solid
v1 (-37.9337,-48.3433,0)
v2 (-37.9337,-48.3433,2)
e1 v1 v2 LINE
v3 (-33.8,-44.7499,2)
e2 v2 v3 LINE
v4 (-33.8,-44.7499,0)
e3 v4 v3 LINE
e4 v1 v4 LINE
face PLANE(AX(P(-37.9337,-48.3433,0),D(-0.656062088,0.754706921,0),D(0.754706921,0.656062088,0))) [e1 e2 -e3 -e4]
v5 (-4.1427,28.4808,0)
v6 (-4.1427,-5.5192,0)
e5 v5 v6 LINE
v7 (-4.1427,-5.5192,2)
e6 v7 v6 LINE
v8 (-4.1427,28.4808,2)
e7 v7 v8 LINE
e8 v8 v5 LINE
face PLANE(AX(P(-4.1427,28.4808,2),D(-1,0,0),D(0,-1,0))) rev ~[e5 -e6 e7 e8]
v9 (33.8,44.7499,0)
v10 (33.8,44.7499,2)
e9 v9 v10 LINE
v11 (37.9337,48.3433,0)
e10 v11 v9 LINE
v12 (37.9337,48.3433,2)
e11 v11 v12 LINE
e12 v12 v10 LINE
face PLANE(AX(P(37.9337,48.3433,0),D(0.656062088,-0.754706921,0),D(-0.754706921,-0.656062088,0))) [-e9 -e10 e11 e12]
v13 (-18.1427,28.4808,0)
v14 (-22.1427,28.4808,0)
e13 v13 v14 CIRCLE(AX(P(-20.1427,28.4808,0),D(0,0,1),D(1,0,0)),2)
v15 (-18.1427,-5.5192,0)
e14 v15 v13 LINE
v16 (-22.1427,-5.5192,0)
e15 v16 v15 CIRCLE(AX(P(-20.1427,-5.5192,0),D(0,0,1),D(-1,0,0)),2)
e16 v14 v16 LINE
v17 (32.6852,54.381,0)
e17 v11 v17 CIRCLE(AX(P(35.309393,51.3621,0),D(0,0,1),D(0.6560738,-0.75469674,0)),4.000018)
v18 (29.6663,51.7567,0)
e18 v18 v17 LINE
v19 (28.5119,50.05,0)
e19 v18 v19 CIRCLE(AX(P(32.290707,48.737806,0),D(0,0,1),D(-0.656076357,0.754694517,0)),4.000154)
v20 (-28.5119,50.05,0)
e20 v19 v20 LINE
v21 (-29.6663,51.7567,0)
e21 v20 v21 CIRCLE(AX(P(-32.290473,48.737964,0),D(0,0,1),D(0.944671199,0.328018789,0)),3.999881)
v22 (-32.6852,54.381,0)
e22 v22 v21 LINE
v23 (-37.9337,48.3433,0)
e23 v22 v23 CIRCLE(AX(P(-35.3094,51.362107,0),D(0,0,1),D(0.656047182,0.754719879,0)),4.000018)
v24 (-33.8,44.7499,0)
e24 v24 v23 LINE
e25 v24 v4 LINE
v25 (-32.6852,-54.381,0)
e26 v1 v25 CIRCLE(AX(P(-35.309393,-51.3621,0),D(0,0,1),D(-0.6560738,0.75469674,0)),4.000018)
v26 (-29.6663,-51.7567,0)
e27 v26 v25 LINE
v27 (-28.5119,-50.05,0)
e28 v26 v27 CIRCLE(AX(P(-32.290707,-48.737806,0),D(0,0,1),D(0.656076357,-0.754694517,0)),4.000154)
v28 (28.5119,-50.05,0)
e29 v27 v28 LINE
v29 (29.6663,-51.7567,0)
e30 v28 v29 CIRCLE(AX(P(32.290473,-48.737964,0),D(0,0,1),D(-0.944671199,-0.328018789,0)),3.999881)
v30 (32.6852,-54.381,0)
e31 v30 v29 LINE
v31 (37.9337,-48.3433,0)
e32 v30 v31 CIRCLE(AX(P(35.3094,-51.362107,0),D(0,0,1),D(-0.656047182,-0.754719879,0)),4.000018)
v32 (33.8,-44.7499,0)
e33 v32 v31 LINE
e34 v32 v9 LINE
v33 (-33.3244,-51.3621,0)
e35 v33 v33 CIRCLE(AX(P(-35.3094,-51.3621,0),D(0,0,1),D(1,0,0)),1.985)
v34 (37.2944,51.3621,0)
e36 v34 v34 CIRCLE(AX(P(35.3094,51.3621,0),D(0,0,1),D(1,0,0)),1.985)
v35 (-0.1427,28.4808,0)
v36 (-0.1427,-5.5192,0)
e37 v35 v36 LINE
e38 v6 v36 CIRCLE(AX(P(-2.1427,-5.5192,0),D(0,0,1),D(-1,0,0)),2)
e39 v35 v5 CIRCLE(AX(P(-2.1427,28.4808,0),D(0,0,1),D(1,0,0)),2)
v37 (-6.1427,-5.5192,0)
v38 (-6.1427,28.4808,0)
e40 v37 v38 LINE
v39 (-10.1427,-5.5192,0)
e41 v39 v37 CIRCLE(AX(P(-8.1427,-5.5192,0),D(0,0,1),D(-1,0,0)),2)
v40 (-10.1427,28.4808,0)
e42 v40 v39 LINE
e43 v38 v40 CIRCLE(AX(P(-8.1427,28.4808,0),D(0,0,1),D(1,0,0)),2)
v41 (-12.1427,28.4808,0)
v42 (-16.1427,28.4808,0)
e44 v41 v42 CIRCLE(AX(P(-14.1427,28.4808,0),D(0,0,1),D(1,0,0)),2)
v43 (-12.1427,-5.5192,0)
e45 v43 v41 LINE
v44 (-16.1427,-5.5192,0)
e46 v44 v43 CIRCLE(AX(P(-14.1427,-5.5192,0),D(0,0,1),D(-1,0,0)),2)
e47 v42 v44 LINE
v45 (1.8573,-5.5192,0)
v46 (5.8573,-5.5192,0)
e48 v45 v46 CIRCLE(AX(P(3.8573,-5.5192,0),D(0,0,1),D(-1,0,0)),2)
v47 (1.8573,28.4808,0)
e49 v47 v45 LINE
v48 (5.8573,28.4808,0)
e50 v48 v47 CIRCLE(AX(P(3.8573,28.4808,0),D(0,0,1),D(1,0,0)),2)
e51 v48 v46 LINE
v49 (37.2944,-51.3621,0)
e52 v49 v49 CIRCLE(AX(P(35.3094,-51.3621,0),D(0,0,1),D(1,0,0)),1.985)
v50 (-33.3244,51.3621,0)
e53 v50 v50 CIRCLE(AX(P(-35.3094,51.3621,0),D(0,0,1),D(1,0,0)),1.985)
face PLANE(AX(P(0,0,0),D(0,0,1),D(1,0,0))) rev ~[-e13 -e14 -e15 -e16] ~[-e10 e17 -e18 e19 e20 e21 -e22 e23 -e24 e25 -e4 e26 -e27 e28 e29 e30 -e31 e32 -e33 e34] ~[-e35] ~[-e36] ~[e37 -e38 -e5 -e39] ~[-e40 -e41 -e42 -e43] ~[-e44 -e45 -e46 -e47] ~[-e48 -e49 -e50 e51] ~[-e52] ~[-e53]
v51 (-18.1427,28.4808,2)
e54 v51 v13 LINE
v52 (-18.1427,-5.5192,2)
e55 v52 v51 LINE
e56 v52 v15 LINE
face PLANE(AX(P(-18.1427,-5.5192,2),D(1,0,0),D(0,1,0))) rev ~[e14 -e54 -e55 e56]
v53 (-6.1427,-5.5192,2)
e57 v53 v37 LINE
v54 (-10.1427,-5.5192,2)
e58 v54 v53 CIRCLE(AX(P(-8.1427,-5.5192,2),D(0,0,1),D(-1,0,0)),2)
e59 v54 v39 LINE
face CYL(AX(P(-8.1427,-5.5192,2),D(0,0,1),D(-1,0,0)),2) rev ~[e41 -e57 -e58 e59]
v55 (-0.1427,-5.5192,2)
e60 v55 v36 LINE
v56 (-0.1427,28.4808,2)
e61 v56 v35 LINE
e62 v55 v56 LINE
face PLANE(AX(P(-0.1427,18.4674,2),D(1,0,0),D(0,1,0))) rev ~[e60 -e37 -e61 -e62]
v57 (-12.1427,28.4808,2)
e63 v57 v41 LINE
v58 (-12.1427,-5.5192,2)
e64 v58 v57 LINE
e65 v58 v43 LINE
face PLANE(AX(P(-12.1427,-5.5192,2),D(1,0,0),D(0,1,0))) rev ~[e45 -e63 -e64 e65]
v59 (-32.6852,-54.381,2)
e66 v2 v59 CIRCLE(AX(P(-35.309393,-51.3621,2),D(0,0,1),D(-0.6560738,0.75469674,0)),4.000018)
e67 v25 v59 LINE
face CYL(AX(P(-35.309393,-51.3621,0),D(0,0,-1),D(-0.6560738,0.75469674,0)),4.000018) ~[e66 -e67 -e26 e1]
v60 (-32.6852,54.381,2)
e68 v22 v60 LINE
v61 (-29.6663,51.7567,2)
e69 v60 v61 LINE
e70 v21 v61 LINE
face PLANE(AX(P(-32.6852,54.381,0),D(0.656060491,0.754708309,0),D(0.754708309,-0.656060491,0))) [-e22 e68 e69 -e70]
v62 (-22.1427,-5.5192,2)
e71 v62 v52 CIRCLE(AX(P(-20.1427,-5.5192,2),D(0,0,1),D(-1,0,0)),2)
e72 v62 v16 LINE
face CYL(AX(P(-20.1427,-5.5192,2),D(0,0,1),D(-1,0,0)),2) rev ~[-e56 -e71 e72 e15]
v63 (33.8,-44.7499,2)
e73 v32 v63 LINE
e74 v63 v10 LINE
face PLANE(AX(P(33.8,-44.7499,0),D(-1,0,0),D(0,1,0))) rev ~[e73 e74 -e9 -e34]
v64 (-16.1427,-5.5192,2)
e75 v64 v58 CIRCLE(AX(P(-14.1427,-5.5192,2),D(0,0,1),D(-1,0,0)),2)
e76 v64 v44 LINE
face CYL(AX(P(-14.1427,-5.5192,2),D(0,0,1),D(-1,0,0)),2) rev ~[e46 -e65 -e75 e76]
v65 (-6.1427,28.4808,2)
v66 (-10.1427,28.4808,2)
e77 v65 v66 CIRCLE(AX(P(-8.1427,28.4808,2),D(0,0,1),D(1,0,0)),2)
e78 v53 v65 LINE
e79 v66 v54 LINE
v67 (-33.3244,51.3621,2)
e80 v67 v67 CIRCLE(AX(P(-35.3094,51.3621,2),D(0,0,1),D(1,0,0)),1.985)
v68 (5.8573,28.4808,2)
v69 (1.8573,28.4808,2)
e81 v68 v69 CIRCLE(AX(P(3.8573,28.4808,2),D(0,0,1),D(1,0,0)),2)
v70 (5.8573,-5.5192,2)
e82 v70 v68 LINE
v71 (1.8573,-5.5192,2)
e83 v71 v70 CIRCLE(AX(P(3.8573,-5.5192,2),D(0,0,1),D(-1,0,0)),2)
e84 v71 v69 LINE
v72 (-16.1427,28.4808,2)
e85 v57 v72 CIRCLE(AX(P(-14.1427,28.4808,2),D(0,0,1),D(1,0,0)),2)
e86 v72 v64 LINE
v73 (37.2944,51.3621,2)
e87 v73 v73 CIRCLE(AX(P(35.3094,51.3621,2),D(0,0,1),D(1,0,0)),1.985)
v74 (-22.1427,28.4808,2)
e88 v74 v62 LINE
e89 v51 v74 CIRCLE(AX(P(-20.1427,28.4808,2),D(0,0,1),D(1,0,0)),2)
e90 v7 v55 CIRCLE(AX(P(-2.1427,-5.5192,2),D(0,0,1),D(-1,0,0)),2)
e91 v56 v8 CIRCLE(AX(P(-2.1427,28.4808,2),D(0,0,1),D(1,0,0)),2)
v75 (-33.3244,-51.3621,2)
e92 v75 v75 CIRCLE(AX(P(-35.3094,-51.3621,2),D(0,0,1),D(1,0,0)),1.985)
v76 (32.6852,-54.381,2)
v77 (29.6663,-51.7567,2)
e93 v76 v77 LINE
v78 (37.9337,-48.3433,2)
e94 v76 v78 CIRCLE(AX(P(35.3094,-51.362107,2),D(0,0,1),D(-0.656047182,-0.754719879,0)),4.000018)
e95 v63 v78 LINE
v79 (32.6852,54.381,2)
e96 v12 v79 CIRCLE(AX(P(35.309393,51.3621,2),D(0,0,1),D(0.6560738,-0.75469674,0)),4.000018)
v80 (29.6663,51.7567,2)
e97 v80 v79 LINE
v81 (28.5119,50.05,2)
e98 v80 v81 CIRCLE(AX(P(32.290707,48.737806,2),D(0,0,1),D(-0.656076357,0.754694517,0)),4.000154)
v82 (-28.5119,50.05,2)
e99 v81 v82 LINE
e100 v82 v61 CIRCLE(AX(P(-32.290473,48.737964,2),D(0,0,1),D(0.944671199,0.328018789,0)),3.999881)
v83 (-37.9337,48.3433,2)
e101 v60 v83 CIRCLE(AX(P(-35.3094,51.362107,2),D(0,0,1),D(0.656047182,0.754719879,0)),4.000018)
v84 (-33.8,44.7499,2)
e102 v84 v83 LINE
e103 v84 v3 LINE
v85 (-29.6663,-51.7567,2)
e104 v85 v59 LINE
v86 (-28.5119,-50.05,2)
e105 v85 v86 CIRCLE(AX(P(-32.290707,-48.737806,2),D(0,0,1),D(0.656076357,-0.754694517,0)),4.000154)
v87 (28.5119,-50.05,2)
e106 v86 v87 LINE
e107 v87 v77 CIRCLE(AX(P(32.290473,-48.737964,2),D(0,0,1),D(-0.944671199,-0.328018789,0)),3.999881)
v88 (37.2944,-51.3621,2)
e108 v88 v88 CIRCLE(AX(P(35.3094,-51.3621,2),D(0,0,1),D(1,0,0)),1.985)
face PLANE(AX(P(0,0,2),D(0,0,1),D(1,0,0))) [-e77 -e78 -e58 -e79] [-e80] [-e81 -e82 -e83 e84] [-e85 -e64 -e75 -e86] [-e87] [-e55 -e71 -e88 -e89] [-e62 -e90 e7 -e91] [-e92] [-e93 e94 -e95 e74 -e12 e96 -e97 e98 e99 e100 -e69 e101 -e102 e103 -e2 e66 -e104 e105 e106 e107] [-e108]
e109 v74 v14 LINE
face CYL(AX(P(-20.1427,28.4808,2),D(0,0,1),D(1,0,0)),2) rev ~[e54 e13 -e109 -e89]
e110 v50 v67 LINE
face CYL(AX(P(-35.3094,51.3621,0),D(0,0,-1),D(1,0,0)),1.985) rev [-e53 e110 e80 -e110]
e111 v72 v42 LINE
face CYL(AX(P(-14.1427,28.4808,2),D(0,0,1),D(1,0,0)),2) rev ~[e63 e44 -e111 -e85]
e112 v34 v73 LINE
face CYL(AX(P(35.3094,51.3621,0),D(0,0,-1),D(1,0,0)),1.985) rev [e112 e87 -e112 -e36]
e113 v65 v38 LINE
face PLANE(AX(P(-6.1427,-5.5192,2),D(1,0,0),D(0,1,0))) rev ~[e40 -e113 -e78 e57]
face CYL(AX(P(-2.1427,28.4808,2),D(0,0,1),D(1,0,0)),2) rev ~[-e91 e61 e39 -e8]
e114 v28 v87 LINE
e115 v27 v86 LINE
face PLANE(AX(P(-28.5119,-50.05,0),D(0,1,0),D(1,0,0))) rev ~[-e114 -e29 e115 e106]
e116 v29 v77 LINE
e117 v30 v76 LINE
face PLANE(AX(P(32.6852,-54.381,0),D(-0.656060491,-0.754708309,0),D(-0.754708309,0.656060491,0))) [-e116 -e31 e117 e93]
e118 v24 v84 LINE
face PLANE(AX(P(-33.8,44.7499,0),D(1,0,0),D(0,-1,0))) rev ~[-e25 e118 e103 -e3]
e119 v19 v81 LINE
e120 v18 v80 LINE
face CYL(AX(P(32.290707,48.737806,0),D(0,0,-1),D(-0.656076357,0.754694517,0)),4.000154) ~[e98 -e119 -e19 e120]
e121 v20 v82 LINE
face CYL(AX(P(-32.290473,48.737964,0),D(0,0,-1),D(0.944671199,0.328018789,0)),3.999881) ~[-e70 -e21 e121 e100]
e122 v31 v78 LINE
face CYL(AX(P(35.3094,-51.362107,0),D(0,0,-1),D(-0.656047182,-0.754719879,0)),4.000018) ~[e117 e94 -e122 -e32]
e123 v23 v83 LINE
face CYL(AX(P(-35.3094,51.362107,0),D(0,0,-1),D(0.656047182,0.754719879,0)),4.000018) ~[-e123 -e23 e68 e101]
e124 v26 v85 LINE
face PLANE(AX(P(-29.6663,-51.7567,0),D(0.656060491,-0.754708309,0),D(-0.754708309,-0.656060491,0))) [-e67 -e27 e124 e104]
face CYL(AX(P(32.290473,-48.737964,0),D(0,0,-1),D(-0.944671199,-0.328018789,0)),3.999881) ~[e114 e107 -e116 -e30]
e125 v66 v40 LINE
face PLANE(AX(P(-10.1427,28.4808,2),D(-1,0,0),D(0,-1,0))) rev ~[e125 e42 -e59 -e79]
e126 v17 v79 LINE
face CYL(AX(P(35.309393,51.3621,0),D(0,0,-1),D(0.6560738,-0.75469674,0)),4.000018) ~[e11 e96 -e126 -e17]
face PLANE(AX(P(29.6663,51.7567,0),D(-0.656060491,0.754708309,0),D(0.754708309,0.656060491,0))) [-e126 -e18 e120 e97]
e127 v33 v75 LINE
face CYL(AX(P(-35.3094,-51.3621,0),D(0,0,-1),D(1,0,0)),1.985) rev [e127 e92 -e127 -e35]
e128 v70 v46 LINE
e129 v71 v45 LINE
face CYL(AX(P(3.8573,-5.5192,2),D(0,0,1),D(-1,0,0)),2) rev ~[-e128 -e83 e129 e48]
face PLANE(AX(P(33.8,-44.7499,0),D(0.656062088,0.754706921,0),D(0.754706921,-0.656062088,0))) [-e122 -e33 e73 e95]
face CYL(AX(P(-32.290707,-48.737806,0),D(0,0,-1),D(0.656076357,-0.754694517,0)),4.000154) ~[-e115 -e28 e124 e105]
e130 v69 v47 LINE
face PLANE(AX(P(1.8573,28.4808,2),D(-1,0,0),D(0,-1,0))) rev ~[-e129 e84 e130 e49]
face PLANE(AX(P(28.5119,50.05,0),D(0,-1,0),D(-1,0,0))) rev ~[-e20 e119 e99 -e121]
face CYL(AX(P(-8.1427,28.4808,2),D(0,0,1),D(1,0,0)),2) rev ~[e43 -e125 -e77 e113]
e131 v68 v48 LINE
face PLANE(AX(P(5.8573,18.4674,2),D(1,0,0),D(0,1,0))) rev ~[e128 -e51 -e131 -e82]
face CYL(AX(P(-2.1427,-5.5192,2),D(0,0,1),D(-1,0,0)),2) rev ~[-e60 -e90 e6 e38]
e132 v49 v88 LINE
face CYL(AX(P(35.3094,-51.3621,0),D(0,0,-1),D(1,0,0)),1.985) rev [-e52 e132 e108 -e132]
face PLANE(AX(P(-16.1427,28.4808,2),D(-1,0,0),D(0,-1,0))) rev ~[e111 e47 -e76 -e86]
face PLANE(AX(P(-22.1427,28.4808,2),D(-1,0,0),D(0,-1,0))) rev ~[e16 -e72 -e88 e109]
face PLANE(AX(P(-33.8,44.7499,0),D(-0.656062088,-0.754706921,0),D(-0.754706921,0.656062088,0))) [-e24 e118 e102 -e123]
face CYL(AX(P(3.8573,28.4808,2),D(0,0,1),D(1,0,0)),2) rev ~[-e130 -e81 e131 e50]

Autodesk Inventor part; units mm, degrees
ref_plane "YZ Plane" through (0, 0, 0) normal (1, 0, 0) x (0, 1, 0)
ref_plane "XZ Plane" through (0, 0, 0) normal (0, 1, 0) x (-1, 0, 0)
ref_plane "XY Plane" through (0, 0, 0) normal (0, 0, 1) x (1, 0, 0)
sketch "Sketch1" plane through (0, 0, 0) normal (0, 0, 1) x (1, 0, 0)
  circle A0 centre (35.3094, -51.3621) radius 1.985 projected
  circle A1 centre (-35.3094, -51.3621) radius 1.985 projected
  circle A2 centre (-35.3094, 51.3621) radius 1.985 projected
  circle A3 centre (35.3094, 51.3621) radius 1.985 projected
  line L0 (28.5119, 50.05) -> (-28.5119, 50.05) projected
  arc A4 (-28.5119, 50.05) -> (-29.6663, 51.7567) centre (-32.2906, 48.7379) ccw projected
  line L1 (-32.6852, 54.381) -> (-29.6663, 51.7567) projected
  arc A5 (-32.6852, 54.381) -> (-37.9337, 48.3433) centre (-35.3094, 51.3621) ccw projected
  line L2 (-33.8, 44.7499) -> (-37.9337, 48.3433) projected
  line L3 (-33.8, 44.7499) -> (-33.8, -44.7499) projected
  line L4 (-37.9337, -48.3433) -> (-33.8, -44.7499) projected
  arc A6 (-37.9337, -48.3433) -> (-32.6852, -54.381) centre (-35.3094, -51.3621) ccw projected
  line L5 (-29.6663, -51.7567) -> (-32.6852, -54.381) projected
  arc A7 (-29.6663, -51.7567) -> (-28.5119, -50.05) centre (-32.2906, -48.7379) ccw projected
  line L6 (-28.5119, -50.05) -> (28.5119, -50.05) projected
  arc A8 (28.5119, -50.05) -> (29.6663, -51.7567) centre (32.2906, -48.7379) ccw projected
  line L7 (32.6852, -54.381) -> (29.6663, -51.7567) projected
  arc A9 (32.6852, -54.381) -> (37.9337, -48.3433) centre (35.3094, -51.3621) ccw projected
  line L8 (33.8, -44.7499) -> (37.9337, -48.3433) projected
  line L9 (33.8, -44.7499) -> (33.8, 44.7499) projected
  line L10 (37.9337, 48.3433) -> (33.8, 44.7499) projected
  arc A10 (37.9337, 48.3433) -> (32.6852, 54.381) centre (35.3094, 51.3621) ccw projected
  line L11 (29.6663, 51.7567) -> (32.6852, 54.381) projected
  arc A11 (29.6663, 51.7567) -> (28.5119, 50.05) centre (32.2906, 48.7379) ccw projected
  line L12 (-30.6, -44.85) -> (-30.6, 44.85) projected
  arc A12 (-28.6, 46.85) -> (-30.6, 44.85) centre (-28.6, 44.85) ccw projected
  line L13 (-28.6, 46.85) -> (28.6, 46.85) projected
  arc A13 (30.6, 44.85) -> (28.6, 46.85) centre (28.6, 44.85) ccw projected
  line L14 (30.6, 44.85) -> (30.6, -44.85) projected
  arc A14 (28.6, -46.85) -> (30.6, -44.85) centre (28.6, -44.85) ccw projected
  line L15 (28.6, -46.85) -> (-28.6, -46.85) projected
  arc A15 (-30.6, -44.85) -> (-28.6, -46.85) centre (-28.6, -44.85) ccw projected
  point P0 (0, 0)
extrude "Extrusion1" add sketch "Sketch1" along normal blind 2 contours A11 L11 A10 L10 L9 L8 A9 L7 A8 L6 A7 L5 A6 L4 L3 L2 A5 L1 A4 L0 | L12 A12 L13 A13 L14 A14 L15 A15
sketch "Sketch3" plane through (0, 0, 2) normal (0, 0, 1) x (1, 0, 0)
  line L0 (-5.7986, 18.4674) -> (8.3133, 18.4674) projected
  line L1 (8.3133, 18.4674) -> (8.3133, 4.4942) projected
  line L2 (8.3133, 4.4942) -> (-5.7986, 4.4942) projected
  line L3 (-5.7986, 4.4942) -> (-5.7986, 18.4674) projected
  line L4 (-8.1427, -5.5192) -> (-8.1427, 28.4808) construction
  line L5 (-6.1427, -5.5192) -> (-6.1427, 28.4808)
  line L6 (-10.1427, 28.4808) -> (-10.1427, -5.5192)
  arc A0 (-10.1427, -5.5192) -> (-6.1427, -5.5192) centre (-8.1427, -5.5192) ccw
  arc A1 (-6.1427, 28.4808) -> (-10.1427, 28.4808) centre (-8.1427, 28.4808) ccw
  arc A2 (-0.1427, 28.4808) -> (-4.1427, 28.4808) centre (-2.1427, 28.4808) ccw
  line L7 (-0.1427, -5.5192) -> (-0.1427, 28.4808)
  line L8 (-4.1427, 28.4808) -> (-4.1427, -5.5192)
  arc A3 (-4.1427, -5.5192) -> (-0.1427, -5.5192) centre (-2.1427, -5.5192) ccw
  line L9 (5.8573, -5.5192) -> (5.8573, 28.4808)
  arc A4 (5.8573, 28.4808) -> (1.8573, 28.4808) centre (3.8573, 28.4808) ccw
  line L10 (1.8573, 28.4808) -> (1.8573, -5.5192)
  arc A5 (1.8573, -5.5192) -> (5.8573, -5.5192) centre (3.8573, -5.5192) ccw
  line L11 (-16.1427, 28.4808) -> (-16.1427, -5.5192)
  arc A6 (-12.1427, 28.4808) -> (-16.1427, 28.4808) centre (-14.1427, 28.4808) ccw
  line L12 (-12.1427, -5.5192) -> (-12.1427, 28.4808)
  arc A7 (-16.1427, -5.5192) -> (-12.1427, -5.5192) centre (-14.1427, -5.5192) ccw
  line L13 (-22.1427, 28.4808) -> (-22.1427, -5.5192)
  arc A8 (-18.1427, 28.4808) -> (-22.1427, 28.4808) centre (-20.1427, 28.4808) ccw
  line L14 (-18.1427, -5.5192) -> (-18.1427, 28.4808)
  arc A9 (-22.1427, -5.5192) -> (-18.1427, -5.5192) centre (-20.1427, -5.5192) ccw
  point P0 (0, 0)
  point P1 (-8.1427, 11.4808)
  dimension "d8" = 17
  dimension "d9" = 4
  dimension "d12" = 6
  dimension "d19" = 6
  dimension "d26" = 6
extrude "Extrusion3" cut sketch "Sketch3" against normal up to surface (2 mm away) contours L8 A2 L7 L0 | L0 L7 L2 L8 | L2 L7 A3 L8 | L10 A4 L9 L0 | L0 L9 L2 L10 | L2 L9 A5 L10 | A0 L6 A1 L5 | A6 L12 A7 L11 | A8 L14 A9 L13
properties part number "Case Cover Rev D"
